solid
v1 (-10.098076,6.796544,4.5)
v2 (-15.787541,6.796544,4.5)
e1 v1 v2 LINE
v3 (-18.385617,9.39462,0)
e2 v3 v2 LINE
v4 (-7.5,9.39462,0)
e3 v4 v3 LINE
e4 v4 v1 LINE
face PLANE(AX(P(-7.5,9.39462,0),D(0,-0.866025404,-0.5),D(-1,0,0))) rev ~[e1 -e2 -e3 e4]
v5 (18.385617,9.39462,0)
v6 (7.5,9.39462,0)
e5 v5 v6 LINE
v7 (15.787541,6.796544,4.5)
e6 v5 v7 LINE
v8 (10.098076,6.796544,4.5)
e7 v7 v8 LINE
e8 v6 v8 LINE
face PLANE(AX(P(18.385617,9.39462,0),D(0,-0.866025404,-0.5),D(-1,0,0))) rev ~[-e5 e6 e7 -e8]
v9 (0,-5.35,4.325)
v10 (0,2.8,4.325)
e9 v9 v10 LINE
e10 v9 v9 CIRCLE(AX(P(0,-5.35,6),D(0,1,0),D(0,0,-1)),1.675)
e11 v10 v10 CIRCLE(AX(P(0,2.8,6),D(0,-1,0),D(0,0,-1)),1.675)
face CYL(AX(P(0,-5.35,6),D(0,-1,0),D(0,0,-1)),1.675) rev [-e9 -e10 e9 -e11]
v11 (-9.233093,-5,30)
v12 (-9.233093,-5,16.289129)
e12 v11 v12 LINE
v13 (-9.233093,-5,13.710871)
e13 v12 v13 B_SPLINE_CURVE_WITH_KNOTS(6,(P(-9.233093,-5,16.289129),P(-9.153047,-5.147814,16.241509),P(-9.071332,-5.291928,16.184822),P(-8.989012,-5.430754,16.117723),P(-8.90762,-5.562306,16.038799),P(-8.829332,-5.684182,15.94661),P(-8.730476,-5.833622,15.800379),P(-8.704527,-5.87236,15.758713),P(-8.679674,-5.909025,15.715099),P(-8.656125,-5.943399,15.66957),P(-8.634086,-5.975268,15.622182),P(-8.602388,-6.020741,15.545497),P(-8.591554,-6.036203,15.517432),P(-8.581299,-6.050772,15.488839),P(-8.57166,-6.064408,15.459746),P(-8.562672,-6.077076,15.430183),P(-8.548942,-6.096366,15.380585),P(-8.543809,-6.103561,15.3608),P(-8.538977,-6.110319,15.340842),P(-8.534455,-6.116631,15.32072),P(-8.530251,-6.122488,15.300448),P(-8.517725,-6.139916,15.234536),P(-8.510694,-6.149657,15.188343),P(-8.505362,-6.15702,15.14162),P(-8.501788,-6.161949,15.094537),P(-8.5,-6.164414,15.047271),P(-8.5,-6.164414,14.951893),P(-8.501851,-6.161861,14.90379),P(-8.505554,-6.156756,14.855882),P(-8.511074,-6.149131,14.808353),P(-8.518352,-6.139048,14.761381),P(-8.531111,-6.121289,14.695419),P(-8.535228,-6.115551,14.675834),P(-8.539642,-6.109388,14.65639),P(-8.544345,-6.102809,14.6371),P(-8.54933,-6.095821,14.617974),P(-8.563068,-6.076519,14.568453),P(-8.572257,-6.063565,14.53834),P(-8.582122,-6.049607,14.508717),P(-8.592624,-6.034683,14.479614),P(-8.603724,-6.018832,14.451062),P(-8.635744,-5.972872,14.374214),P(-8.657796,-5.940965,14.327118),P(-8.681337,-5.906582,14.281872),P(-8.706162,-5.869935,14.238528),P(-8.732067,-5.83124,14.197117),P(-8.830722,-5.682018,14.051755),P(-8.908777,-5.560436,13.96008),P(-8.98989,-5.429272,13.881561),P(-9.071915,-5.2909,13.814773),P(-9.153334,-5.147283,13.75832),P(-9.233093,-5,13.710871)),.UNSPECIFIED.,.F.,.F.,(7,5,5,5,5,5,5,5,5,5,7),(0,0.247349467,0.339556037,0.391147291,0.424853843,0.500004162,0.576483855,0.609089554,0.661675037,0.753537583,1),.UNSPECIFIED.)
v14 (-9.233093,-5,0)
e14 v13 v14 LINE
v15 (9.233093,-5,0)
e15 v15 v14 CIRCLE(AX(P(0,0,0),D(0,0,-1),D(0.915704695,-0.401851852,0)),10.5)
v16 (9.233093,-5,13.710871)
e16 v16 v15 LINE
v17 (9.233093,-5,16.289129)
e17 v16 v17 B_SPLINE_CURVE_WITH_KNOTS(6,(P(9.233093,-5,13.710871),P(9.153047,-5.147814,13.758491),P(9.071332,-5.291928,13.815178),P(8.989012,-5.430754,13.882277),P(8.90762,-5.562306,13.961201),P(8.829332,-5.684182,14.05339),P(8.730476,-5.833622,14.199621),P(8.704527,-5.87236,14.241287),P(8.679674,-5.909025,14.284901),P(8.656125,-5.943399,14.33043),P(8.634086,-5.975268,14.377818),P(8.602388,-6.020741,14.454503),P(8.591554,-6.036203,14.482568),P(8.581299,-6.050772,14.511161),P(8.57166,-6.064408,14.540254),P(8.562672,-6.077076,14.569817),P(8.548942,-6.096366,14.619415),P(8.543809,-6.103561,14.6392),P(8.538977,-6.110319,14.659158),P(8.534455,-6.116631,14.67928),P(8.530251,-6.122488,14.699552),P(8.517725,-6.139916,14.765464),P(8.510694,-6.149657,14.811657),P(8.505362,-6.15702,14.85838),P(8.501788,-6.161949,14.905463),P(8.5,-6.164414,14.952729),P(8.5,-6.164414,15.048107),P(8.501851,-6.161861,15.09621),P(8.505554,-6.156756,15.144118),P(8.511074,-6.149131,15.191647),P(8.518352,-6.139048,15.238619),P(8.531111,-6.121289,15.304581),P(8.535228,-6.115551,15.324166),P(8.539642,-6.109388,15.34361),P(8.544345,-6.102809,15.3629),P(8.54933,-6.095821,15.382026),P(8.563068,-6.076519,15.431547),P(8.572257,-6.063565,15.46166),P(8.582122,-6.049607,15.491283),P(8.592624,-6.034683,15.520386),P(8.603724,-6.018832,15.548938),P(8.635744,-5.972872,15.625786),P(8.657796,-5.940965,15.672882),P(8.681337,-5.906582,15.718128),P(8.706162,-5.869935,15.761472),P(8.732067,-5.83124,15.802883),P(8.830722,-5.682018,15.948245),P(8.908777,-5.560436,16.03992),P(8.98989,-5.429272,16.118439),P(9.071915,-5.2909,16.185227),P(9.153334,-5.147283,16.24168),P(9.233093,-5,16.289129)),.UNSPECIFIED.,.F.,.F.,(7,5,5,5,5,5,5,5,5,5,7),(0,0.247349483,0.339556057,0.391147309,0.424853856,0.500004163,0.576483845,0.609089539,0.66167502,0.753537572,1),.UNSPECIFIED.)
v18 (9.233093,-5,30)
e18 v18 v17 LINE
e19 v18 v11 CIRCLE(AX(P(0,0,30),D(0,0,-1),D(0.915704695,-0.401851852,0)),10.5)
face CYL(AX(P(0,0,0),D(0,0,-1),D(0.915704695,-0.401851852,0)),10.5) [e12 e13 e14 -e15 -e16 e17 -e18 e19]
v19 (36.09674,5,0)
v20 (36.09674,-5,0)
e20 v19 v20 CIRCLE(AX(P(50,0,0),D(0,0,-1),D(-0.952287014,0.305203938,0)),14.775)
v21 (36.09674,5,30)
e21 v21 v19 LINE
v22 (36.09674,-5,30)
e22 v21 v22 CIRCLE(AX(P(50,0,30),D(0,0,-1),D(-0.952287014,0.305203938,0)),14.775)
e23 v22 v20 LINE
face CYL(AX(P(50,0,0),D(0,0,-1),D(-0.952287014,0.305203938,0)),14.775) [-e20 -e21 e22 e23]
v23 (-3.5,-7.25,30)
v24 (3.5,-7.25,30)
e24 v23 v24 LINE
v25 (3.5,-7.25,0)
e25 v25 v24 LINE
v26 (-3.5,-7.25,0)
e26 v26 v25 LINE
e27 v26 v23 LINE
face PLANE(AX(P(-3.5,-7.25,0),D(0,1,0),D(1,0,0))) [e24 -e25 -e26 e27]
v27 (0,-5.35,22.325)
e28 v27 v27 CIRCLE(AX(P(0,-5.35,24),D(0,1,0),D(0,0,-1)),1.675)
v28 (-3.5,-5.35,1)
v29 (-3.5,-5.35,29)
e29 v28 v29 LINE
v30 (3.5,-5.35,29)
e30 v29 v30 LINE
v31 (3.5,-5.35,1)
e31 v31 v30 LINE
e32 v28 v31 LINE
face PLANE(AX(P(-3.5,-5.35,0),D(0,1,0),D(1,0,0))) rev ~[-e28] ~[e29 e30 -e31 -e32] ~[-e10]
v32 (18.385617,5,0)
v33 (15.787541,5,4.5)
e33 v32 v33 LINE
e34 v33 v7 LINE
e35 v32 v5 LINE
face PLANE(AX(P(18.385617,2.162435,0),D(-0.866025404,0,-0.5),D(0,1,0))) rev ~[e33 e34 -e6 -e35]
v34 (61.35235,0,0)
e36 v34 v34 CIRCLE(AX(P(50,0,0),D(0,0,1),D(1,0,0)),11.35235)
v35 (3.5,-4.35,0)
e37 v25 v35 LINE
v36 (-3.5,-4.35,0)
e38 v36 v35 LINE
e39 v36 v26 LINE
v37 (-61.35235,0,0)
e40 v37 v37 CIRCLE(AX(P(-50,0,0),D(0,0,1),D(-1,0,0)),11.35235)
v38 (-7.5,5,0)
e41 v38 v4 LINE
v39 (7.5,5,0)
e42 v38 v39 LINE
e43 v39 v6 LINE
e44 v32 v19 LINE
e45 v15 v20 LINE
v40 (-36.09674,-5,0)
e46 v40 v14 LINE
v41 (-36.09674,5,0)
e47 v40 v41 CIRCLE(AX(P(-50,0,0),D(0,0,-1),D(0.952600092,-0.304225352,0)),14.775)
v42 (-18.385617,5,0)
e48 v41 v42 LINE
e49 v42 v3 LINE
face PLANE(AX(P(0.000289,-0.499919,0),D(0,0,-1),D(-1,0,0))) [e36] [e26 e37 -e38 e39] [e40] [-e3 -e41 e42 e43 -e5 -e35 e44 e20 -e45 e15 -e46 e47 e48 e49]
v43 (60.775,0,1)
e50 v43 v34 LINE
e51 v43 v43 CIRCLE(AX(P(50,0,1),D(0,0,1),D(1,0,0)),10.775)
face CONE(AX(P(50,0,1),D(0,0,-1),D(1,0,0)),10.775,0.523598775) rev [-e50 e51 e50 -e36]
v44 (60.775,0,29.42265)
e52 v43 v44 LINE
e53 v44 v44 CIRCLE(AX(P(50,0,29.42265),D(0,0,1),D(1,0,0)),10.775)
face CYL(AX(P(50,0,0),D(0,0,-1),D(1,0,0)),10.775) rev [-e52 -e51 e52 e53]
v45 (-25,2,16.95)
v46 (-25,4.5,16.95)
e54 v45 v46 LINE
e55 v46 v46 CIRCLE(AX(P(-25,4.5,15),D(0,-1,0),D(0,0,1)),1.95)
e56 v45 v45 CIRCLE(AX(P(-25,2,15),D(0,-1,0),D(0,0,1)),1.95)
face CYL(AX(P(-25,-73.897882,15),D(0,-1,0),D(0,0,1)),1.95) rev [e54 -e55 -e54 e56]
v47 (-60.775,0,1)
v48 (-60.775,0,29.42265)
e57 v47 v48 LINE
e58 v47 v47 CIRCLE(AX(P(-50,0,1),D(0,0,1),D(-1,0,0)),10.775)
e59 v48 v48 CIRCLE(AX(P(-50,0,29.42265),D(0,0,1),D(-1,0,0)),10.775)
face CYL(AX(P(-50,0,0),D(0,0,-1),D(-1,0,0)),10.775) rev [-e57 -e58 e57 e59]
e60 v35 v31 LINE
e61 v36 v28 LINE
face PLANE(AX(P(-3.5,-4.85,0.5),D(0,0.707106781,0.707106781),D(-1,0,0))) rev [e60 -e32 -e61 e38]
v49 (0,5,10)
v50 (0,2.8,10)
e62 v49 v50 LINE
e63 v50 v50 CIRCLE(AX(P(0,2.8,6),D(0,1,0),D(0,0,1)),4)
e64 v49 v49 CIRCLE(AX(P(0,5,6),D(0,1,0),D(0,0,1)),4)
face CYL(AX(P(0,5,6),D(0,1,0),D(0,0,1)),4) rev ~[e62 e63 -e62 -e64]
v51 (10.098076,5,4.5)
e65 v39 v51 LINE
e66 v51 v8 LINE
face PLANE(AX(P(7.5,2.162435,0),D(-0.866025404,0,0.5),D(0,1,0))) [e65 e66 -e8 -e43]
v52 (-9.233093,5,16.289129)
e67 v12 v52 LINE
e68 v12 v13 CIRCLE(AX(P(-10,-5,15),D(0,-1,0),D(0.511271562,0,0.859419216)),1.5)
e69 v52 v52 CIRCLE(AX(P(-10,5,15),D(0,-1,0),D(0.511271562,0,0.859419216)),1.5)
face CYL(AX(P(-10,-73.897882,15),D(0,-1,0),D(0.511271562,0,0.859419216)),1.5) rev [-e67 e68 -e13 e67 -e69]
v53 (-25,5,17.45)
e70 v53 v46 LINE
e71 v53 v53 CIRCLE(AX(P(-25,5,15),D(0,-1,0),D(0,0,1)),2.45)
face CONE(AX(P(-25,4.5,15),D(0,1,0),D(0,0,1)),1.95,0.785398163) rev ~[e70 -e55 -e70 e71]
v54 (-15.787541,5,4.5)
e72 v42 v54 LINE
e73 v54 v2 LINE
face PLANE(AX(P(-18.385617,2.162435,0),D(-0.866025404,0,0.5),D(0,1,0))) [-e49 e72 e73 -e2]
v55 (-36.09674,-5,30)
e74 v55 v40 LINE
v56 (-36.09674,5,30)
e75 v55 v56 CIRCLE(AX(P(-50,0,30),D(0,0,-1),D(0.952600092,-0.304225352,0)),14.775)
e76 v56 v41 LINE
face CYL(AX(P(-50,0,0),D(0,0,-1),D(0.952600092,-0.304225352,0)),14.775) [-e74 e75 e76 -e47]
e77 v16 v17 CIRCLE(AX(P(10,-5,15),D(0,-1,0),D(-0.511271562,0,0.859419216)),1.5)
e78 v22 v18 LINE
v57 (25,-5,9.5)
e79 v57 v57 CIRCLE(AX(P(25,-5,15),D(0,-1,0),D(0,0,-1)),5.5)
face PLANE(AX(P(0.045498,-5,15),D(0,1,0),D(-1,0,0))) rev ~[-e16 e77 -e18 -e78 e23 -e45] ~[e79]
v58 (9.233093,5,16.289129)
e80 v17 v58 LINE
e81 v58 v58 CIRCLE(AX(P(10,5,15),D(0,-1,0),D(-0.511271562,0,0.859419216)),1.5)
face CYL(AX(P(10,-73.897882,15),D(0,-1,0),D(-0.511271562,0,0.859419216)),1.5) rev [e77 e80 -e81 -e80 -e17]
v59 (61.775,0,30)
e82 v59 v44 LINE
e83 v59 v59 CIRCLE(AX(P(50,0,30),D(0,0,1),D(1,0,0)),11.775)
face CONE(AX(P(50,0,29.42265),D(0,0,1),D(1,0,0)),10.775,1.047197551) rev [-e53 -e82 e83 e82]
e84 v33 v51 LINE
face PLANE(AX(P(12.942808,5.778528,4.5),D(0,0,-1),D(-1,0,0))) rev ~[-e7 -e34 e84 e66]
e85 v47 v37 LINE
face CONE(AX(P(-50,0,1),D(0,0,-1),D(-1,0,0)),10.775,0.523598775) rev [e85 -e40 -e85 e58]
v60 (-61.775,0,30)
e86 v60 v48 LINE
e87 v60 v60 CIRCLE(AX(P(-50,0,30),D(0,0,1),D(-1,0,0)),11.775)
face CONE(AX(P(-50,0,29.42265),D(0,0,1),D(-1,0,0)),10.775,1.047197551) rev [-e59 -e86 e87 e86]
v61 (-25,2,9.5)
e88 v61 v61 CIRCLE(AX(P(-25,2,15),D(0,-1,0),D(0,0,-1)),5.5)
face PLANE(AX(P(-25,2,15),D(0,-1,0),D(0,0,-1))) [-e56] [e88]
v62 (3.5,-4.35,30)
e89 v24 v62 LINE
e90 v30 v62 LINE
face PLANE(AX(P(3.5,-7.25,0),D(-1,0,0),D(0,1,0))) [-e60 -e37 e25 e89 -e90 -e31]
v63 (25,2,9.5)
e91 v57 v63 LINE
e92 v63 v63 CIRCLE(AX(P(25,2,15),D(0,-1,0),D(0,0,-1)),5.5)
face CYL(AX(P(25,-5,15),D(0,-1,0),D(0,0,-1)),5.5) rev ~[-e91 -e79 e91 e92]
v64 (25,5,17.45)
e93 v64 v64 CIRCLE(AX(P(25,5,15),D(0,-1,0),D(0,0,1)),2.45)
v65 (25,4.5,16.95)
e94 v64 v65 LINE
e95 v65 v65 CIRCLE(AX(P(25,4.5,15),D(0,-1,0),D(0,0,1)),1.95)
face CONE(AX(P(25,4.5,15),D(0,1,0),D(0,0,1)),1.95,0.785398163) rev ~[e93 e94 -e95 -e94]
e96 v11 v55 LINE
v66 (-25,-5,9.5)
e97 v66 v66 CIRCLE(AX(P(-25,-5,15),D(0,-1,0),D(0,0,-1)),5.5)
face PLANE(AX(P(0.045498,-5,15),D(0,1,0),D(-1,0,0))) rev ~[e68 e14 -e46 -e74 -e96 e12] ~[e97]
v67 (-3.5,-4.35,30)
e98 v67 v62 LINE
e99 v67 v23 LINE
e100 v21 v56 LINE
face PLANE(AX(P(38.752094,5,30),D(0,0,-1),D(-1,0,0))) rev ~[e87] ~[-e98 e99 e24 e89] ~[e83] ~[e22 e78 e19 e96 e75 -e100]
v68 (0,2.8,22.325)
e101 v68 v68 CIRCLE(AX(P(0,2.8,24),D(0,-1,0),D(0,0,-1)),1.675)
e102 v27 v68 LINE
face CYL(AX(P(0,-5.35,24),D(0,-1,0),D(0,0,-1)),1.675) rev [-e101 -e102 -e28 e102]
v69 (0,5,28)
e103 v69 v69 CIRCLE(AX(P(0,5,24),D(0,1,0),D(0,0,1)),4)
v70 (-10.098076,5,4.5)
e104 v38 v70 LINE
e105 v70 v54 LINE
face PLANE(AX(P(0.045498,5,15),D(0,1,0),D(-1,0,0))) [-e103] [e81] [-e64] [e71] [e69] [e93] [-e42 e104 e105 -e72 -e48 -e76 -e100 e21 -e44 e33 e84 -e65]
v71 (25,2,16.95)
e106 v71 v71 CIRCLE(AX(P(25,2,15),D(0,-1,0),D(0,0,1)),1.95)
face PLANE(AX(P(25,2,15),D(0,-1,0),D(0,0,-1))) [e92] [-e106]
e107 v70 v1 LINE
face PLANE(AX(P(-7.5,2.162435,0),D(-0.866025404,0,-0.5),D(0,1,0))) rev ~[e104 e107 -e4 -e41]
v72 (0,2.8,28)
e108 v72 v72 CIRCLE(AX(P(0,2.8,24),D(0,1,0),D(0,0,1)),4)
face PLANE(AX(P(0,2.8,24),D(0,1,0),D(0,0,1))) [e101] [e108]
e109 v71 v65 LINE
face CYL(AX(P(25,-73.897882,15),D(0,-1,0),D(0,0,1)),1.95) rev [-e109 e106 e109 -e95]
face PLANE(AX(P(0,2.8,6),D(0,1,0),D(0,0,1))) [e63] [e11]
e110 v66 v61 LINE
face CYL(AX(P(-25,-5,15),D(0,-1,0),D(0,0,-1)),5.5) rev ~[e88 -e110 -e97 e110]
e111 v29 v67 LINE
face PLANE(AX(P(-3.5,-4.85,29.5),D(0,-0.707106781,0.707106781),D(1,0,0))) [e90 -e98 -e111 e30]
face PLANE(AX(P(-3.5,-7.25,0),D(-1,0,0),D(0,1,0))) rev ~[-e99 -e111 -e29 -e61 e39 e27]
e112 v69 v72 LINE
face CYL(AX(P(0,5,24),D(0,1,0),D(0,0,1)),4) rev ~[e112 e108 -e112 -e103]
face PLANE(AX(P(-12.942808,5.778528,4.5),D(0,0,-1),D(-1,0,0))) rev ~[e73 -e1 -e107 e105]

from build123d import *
from OCP.BRepFilletAPI import BRepFilletAPI_MakeChamfer

# Parameters (mm, degrees)
SKETCH1_R                     = 10.775
SKETCH1_W                     = 7
SKETCH1_H                     = 1.9
BOSS_EXTRUDE1_DEPTH           = 30
BOSS_EXTRUDE4_DEPTH           = 5
BOSS_EXTRUDE4_DEPTH_BACK      = 5
SKETCH30_R                    = 1.675
CUT_EXTRUDE14_DEPTH           = 75.167487823
SKETCH31_R                    = 4
CUT_EXTRUDE15_DEPTH           = 2.2
CHAMFER1_SIZE                 = 1
SKETCH42_W                    = 10.885616931
SKETCH42_H                    = 7.232184452
BOSS_EXTRUDE6_DEPTH           = 4.5
BOSS_EXTRUDE6_DRAFT           = -30
BOSS_EXTRUDE6_PROFILE_2_DEPTH = 4.5
BOSS_EXTRUDE6_PROFILE_2_DRAFT = -30
CUT_EXTRUDE16_DEPTH           = 73.897882342
CUT_EXTRUDE16_DEPTH_BACK      = 73.897882342
SKETCH43_R                    = 1.95
SKETCH43_R_2                  = 1.5
CHAMFER2_SIZE                 = 0.5
CHAMFER3_SIZE                 = 1
CHAMFER3_SIZE2                = 0.577350269
SKETCH44_R                    = 5.5
CUT_EXTRUDE17_DEPTH           = 7


with BuildPart() as part:
    # Sketch1 → Boss-Extrude1 (new body)
    with BuildSketch(Plane.XY):
        with BuildLine():
            Line((-33.091348368, 2.425), (33.073098334, 2.425))
            ThreePointArc((33.073098334, 2.425), (34.841312767, 3.001486492), (35.929959375, 4.509388186))
            ThreePointArc((35.929959375, 4.509388186), (64.775, 0), (35.929959375, -4.509388186))
            ThreePointArc((35.929959375, -4.509388186), (34.841312767, -3.001486492), (33.073098334, -2.425))
            Line((33.073098334, -2.425), (12.362013388, -2.425))
            ThreePointArc((12.362013388, -2.425), (10.721383427, -2.913360429), (9.614899302, -4.219444444))
            ThreePointArc((9.614899302, -4.219444444), (-0.006360753, -10.499998073), (-9.620004404, -4.207792208))
            ThreePointArc((-9.620004404, -4.207792208), (-10.717205737, -2.910276804), (-12.345672319, -2.425))
            Line((-12.345672319, -2.425), (-33.091348368, -2.425))
            ThreePointArc((-33.091348368, -2.425), (-34.84606209, -2.99758356), (-35.925333642, -4.494929577))
            ThreePointArc((-35.925333642, -4.494929577), (-64.775, 0), (-35.925333642, 4.494929577))
            ThreePointArc((-35.925333642, 4.494929577), (-34.84606209, 2.99758356), (-33.091348368, 2.425))
        make_face()
        with Locations((50, 0)):
            Circle(SKETCH1_R, mode=Mode.SUBTRACT)
        with Locations((-50, 0)):
            Circle(SKETCH1_R, mode=Mode.SUBTRACT)
        with Locations((0, -6.3)):
            Rectangle(SKETCH1_W, SKETCH1_H, mode=Mode.SUBTRACT)
    extrude(amount=BOSS_EXTRUDE1_DEPTH)

    # Sketch32 → Boss-Extrude4 (add, two sides: drawn at the far end of the back side and taken through both)
    with BuildSketch(Plane.XZ.offset(-BOSS_EXTRUDE4_DEPTH_BACK)):
        Polygon((-38.661098901, 30), (7.988715583, 30), (38.752094408, 30), (38.752094408, 0), (7.988715583, 0), (-38.661098901, 0), align=None)
    extrude(amount=BOSS_EXTRUDE4_DEPTH + BOSS_EXTRUDE4_DEPTH_BACK)

    # Sketch30 → Cut-Extrude14 (cut, through all)
    with BuildSketch(Plane(origin=(0, -5.35, 0), x_dir=(1, 0, 0), z_dir=(0, 1, 0))):
        with Locations((0, -6)):
            Circle(SKETCH30_R)
        with Locations((0, -24)):
            Circle(SKETCH30_R)
    extrude(amount=CUT_EXTRUDE14_DEPTH, mode=Mode.SUBTRACT)

    # Sketch31 → Cut-Extrude15 (cut)
    with BuildSketch(Plane(origin=(0, 5, 0), x_dir=(1, 0, 0), z_dir=(0, 1, 0))):
        with Locations((0, -6)):
            Circle(SKETCH31_R)
        with Locations((0, -24)):
            Circle(SKETCH31_R)
    extrude(amount=-CUT_EXTRUDE15_DEPTH, mode=Mode.SUBTRACT)

    # Chamfer1
    chamfer1_edges = [part.edges().sort_by_distance(p)[0] for p in [
        (0, -5.35, 30),
        (0, -5.35, 0),
    ]]
    chamfer(chamfer1_edges, length=CHAMFER1_SIZE)


with BuildPart() as boss_extrude6_tool:
    # Sketch42 → Boss-Extrude6 (with draft: the straight prism first)
    with BuildSketch(Plane(origin=(0, 0, 0), x_dir=(-1, 0, 0), z_dir=(0, 0, -1))):
        with Locations((-12.942808466, 5.778527688)):
            Rectangle(SKETCH42_W, SKETCH42_H)
    extrude(amount=-BOSS_EXTRUDE6_DEPTH)
    # Boss-Extrude6: the draft: its side faces are tilted about the plane it starts from
    boss_extrude6_sides = [boss_extrude6_tool.faces().sort_by_distance(p)[0] for p in [
        (7.5, 5.778527688, 2.25),
        (12.942808466, 9.394619914, 2.25),
        (18.385616931, 5.778527688, 2.25),
        (12.942808466, 2.162435462, 2.25),
    ]]
    draft(boss_extrude6_sides, Plane(origin=(0, 0, 0), x_dir=(-1, 0, 0), z_dir=(0, 0, -1)), BOSS_EXTRUDE6_DRAFT)


with BuildPart() as part_1:
    add(part.part)

    # Boss-Extrude6: add boss_extrude6_tool
    add(boss_extrude6_tool.part)


with BuildPart() as boss_extrude6_profile_2_tool:
    # Sketch42 → Boss-Extrude6 profile 2 (with draft: the straight prism first)
    with BuildSketch(Plane(origin=(0, 0, 0), x_dir=(-1, 0, 0), z_dir=(0, 0, -1))):
        with Locations((12.942808466, 5.778527688)):
            Rectangle(SKETCH42_W, SKETCH42_H)
    extrude(amount=-BOSS_EXTRUDE6_PROFILE_2_DEPTH)
    # Boss-Extrude6 profile 2: the draft: its side faces are tilted about the plane it starts from
    boss_extrude6_profile_2_sides = [boss_extrude6_profile_2_tool.faces().sort_by_distance(p)[0] for p in [
        (-18.385616931, 5.778527688, 2.25),
        (-12.942808466, 9.394619914, 2.25),
        (-7.5, 5.778527688, 2.25),
        (-12.942808466, 2.162435462, 2.25),
    ]]
    draft(boss_extrude6_profile_2_sides, Plane(origin=(0, 0, 0), x_dir=(-1, 0, 0), z_dir=(0, 0, -1)), BOSS_EXTRUDE6_PROFILE_2_DRAFT)


with BuildPart() as part_2:
    add(part_1.part)

    # Boss-Extrude6 profile 2: add boss_extrude6_profile_2_tool
    add(boss_extrude6_profile_2_tool.part)

    # Sketch43 → Cut-Extrude16 (cut, two sides: drawn at the far end of the back side and taken through both)
    with BuildSketch(Plane(origin=(0, 0, 0), x_dir=(1, 0, 0), z_dir=(0, 1, 0)).offset(-CUT_EXTRUDE16_DEPTH_BACK)):
        with Locations((25, -15)):
            Circle(SKETCH43_R)
        with Locations((-25, -15)):
            Circle(SKETCH43_R)
        with Locations((10, -15)):
            Circle(SKETCH43_R_2)
        with Locations((-10, -15)):
            Circle(SKETCH43_R_2)
    extrude(amount=CUT_EXTRUDE16_DEPTH + CUT_EXTRUDE16_DEPTH_BACK, mode=Mode.SUBTRACT)

    # Chamfer2
    chamfer2_edges = [part_2.edges().sort_by_distance(p)[0] for p in [
        (23.05, 5, 15),
        (-26.95, 5, 15),
    ]]
    chamfer(chamfer2_edges, length=CHAMFER2_SIZE)

    # Chamfer3: one chamfer whose edges measure the first distance from different faces: ONE call of the kernel's chamfer builder (chamfer() names one face for all edges)
    chamfer3_edges_1 = [part_2.edges().sort_by_distance(p)[0] for p in [
        (-60.775, 0, 30),
        (39.225, 0, 30),
    ]]
    chamfer3_side_1 = [part_2.faces().sort_by_distance(p)[0] for p in [
        (0, -0.289813178, 30),
    ]]
    chamfer3_edges_2 = [part_2.edges().sort_by_distance(p)[0] for p in [
        (39.225, 0, 0),
    ]]
    chamfer3_side_2 = [part_2.faces().sort_by_distance(p)[0] for p in [
        (39.225, 0, 15),
    ]]
    chamfer3_edges_3 = [part_2.edges().sort_by_distance(p)[0] for p in [
        (-60.775, 0, 0),
    ]]
    chamfer3_side_3 = [part_2.faces().sort_by_distance(p)[0] for p in [
        (-60.775, 0, 15),
    ]]
    chamfer3 = BRepFilletAPI_MakeChamfer(part_2.part.solid().wrapped)
    for e in chamfer3_edges_1:
        chamfer3.Add(CHAMFER3_SIZE, CHAMFER3_SIZE2, e.wrapped, chamfer3_side_1[0].wrapped)  # the first distance lies on this face
    for e in chamfer3_edges_2:
        chamfer3.Add(CHAMFER3_SIZE, CHAMFER3_SIZE2, e.wrapped, chamfer3_side_2[0].wrapped)  # the first distance lies on this face
    for e in chamfer3_edges_3:
        chamfer3.Add(CHAMFER3_SIZE, CHAMFER3_SIZE2, e.wrapped, chamfer3_side_3[0].wrapped)  # the first distance lies on this face
    add(Compound.cast(chamfer3.Shape()), mode=Mode.REPLACE)

    # Sketch44 → Cut-Extrude17 (cut)
    with BuildSketch(Plane.XZ.offset(5)):
        with Locations((25, 15)):
            Circle(SKETCH44_R)
        with Locations((-25, 15)):
            Circle(SKETCH44_R)
    extrude(amount=-CUT_EXTRUDE17_DEPTH, mode=Mode.SUBTRACT)


solid = part_2.part
